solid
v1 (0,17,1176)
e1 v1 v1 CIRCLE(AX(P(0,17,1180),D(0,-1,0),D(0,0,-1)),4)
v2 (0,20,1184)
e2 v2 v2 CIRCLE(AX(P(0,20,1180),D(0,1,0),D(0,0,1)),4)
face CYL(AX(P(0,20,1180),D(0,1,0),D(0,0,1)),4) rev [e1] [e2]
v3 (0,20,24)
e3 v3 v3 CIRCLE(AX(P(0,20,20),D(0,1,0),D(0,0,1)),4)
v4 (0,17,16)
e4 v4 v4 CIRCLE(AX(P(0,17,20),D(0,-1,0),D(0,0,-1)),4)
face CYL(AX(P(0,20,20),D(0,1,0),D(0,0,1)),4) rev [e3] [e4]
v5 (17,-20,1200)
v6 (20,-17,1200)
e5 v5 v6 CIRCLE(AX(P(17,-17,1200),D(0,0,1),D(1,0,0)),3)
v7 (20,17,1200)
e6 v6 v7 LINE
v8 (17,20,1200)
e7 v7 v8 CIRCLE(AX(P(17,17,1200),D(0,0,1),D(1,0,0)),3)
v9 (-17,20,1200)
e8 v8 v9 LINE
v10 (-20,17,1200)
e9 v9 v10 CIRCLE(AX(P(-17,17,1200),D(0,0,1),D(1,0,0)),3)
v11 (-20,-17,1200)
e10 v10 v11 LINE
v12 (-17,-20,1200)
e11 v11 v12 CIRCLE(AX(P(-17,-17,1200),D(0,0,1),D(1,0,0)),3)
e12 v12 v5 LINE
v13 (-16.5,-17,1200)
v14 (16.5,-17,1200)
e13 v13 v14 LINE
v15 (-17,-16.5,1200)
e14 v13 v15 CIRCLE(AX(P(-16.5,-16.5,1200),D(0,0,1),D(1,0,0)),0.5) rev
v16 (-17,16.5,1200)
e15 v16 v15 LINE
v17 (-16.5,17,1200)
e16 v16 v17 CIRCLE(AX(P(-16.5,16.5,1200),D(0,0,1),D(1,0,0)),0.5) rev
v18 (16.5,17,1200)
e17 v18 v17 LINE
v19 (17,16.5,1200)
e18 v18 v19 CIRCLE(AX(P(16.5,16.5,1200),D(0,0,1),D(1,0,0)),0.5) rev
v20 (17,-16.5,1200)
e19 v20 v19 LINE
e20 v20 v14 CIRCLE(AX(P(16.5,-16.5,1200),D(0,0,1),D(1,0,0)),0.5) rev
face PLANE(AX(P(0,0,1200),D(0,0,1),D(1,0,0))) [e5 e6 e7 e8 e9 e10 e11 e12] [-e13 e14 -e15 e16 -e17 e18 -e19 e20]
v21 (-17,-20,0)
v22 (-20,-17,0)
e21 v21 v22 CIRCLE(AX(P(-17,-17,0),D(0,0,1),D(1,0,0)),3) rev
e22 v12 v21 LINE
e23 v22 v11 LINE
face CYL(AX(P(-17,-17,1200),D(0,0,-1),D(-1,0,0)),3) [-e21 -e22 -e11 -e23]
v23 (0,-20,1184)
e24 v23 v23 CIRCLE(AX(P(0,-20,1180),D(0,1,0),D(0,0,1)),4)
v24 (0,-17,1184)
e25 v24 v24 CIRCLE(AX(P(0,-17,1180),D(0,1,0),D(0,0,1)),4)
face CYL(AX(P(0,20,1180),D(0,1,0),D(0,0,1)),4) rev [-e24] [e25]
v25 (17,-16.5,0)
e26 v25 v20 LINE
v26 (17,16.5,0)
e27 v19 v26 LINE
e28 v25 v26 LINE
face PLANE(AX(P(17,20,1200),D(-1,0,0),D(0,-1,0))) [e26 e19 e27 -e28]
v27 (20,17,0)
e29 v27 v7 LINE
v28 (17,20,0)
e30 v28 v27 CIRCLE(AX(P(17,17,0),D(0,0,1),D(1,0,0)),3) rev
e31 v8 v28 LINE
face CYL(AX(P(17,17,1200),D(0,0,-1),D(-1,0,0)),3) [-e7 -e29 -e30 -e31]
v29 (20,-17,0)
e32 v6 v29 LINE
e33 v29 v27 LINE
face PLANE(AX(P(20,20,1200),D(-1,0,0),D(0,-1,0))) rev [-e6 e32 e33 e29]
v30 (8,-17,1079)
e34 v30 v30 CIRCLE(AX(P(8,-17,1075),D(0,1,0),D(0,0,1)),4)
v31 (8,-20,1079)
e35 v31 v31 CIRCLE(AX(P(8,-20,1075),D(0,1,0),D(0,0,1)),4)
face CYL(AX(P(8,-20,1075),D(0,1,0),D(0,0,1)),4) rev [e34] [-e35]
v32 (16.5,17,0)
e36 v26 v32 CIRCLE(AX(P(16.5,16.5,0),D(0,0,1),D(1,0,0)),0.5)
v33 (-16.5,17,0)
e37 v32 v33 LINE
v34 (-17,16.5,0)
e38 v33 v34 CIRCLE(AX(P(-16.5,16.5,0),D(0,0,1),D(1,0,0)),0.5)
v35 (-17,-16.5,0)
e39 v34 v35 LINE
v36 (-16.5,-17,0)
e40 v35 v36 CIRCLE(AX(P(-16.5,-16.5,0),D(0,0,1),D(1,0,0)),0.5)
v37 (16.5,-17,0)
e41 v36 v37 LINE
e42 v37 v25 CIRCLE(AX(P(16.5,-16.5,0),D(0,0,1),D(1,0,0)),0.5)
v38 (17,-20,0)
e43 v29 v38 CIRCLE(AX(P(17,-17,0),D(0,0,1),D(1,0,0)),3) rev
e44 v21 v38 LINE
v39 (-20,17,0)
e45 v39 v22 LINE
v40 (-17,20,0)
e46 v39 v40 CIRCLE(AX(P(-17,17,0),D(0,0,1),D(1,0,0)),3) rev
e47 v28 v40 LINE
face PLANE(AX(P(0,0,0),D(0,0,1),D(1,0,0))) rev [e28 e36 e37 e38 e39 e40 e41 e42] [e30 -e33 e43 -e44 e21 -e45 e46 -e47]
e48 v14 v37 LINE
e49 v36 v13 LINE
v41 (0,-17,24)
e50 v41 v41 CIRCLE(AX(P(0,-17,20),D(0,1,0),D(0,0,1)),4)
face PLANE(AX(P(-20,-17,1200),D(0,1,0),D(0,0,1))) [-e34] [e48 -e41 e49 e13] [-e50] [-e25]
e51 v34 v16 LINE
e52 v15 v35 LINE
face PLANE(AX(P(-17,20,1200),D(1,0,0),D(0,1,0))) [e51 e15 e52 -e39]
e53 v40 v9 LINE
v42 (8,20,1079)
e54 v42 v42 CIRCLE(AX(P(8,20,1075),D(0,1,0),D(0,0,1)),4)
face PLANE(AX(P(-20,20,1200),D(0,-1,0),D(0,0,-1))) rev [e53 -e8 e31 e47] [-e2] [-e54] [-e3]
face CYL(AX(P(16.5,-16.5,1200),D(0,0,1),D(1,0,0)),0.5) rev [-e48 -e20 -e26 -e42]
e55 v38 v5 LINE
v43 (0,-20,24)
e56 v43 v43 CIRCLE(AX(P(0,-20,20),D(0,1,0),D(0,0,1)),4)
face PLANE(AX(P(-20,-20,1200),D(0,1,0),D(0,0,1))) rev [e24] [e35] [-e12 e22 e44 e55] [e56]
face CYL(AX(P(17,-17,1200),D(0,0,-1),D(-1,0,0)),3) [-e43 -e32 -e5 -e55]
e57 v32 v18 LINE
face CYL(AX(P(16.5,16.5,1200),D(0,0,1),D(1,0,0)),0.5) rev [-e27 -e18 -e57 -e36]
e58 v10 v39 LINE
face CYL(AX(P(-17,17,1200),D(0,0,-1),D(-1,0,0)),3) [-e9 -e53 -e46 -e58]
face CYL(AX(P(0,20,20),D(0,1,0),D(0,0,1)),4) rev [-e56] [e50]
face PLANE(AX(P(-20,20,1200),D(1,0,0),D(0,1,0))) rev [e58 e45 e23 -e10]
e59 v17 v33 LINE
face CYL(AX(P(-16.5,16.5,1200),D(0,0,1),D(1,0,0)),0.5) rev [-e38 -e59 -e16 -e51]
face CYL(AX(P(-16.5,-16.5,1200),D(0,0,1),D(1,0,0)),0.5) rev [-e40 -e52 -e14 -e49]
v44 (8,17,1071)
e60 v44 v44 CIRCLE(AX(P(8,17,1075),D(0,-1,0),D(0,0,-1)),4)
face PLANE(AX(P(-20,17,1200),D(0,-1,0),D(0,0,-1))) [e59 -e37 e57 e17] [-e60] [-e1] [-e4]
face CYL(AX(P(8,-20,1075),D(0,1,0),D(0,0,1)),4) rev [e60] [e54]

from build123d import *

# Parameters (mm, degrees)
SKETCH1_W                = 40
SKETCH1_H                = 40
SKETCH1_W_2              = 34
SKETCH1_H_2              = 34
EXTRUDE_THIN1_DEPTH      = 1200
FILLET1_R                = 0.5
FILLET2_R                = 3
F_8_0_8_DIAMETER_HOLE1_D = 8
SKETCH5_R                = 4
CUT_EXTRUDE1_DEPTH       = 1201.833044182


with BuildPart() as part:
    # Sketch1 → Extrude-Thin1 (new body)
    with BuildSketch(Plane.XY):
        Rectangle(SKETCH1_W, SKETCH1_H)
        Rectangle(SKETCH1_W_2, SKETCH1_H_2, mode=Mode.SUBTRACT)
    extrude(amount=EXTRUDE_THIN1_DEPTH)

    # Fillet1
    fillet1_edges = [part.edges().sort_by_distance(p)[0] for p in [
        (17, -17, 600),
        (17, 17, 600),
        (-17, 17, 600),
        (-17, -17, 600),
    ]]
    fillet(fillet1_edges, radius=FILLET1_R)

    # Fillet2
    fillet2_edges = [part.edges().sort_by_distance(p)[0] for p in [
        (20, -20, 600),
        (-20, -20, 600),
        (-20, 20, 600),
        (20, 20, 600),
    ]]
    fillet(fillet2_edges, radius=FILLET2_R)

    # Ø8.0 (8) Diameter Hole1 (through all)
    with Locations(Plane(origin=(0, 20, 0), x_dir=(1, 0, 0), z_dir=(0, 1, 0))):
        with Locations((0, -20), (0, -1180)):
            Hole(F_8_0_8_DIAMETER_HOLE1_D / 2)

    # Sketch5 → Cut-Extrude1 (cut, through all)
    with BuildSketch(Plane(origin=(0, 20, 0), x_dir=(1, 0, 0), z_dir=(0, 1, 0))):
        with Locations(Location((8, -1075, 0), (0, 0, 270))):
            Circle(SKETCH5_R)
    extrude(amount=-CUT_EXTRUDE1_DEPTH, mode=Mode.SUBTRACT)


solid = part.part
